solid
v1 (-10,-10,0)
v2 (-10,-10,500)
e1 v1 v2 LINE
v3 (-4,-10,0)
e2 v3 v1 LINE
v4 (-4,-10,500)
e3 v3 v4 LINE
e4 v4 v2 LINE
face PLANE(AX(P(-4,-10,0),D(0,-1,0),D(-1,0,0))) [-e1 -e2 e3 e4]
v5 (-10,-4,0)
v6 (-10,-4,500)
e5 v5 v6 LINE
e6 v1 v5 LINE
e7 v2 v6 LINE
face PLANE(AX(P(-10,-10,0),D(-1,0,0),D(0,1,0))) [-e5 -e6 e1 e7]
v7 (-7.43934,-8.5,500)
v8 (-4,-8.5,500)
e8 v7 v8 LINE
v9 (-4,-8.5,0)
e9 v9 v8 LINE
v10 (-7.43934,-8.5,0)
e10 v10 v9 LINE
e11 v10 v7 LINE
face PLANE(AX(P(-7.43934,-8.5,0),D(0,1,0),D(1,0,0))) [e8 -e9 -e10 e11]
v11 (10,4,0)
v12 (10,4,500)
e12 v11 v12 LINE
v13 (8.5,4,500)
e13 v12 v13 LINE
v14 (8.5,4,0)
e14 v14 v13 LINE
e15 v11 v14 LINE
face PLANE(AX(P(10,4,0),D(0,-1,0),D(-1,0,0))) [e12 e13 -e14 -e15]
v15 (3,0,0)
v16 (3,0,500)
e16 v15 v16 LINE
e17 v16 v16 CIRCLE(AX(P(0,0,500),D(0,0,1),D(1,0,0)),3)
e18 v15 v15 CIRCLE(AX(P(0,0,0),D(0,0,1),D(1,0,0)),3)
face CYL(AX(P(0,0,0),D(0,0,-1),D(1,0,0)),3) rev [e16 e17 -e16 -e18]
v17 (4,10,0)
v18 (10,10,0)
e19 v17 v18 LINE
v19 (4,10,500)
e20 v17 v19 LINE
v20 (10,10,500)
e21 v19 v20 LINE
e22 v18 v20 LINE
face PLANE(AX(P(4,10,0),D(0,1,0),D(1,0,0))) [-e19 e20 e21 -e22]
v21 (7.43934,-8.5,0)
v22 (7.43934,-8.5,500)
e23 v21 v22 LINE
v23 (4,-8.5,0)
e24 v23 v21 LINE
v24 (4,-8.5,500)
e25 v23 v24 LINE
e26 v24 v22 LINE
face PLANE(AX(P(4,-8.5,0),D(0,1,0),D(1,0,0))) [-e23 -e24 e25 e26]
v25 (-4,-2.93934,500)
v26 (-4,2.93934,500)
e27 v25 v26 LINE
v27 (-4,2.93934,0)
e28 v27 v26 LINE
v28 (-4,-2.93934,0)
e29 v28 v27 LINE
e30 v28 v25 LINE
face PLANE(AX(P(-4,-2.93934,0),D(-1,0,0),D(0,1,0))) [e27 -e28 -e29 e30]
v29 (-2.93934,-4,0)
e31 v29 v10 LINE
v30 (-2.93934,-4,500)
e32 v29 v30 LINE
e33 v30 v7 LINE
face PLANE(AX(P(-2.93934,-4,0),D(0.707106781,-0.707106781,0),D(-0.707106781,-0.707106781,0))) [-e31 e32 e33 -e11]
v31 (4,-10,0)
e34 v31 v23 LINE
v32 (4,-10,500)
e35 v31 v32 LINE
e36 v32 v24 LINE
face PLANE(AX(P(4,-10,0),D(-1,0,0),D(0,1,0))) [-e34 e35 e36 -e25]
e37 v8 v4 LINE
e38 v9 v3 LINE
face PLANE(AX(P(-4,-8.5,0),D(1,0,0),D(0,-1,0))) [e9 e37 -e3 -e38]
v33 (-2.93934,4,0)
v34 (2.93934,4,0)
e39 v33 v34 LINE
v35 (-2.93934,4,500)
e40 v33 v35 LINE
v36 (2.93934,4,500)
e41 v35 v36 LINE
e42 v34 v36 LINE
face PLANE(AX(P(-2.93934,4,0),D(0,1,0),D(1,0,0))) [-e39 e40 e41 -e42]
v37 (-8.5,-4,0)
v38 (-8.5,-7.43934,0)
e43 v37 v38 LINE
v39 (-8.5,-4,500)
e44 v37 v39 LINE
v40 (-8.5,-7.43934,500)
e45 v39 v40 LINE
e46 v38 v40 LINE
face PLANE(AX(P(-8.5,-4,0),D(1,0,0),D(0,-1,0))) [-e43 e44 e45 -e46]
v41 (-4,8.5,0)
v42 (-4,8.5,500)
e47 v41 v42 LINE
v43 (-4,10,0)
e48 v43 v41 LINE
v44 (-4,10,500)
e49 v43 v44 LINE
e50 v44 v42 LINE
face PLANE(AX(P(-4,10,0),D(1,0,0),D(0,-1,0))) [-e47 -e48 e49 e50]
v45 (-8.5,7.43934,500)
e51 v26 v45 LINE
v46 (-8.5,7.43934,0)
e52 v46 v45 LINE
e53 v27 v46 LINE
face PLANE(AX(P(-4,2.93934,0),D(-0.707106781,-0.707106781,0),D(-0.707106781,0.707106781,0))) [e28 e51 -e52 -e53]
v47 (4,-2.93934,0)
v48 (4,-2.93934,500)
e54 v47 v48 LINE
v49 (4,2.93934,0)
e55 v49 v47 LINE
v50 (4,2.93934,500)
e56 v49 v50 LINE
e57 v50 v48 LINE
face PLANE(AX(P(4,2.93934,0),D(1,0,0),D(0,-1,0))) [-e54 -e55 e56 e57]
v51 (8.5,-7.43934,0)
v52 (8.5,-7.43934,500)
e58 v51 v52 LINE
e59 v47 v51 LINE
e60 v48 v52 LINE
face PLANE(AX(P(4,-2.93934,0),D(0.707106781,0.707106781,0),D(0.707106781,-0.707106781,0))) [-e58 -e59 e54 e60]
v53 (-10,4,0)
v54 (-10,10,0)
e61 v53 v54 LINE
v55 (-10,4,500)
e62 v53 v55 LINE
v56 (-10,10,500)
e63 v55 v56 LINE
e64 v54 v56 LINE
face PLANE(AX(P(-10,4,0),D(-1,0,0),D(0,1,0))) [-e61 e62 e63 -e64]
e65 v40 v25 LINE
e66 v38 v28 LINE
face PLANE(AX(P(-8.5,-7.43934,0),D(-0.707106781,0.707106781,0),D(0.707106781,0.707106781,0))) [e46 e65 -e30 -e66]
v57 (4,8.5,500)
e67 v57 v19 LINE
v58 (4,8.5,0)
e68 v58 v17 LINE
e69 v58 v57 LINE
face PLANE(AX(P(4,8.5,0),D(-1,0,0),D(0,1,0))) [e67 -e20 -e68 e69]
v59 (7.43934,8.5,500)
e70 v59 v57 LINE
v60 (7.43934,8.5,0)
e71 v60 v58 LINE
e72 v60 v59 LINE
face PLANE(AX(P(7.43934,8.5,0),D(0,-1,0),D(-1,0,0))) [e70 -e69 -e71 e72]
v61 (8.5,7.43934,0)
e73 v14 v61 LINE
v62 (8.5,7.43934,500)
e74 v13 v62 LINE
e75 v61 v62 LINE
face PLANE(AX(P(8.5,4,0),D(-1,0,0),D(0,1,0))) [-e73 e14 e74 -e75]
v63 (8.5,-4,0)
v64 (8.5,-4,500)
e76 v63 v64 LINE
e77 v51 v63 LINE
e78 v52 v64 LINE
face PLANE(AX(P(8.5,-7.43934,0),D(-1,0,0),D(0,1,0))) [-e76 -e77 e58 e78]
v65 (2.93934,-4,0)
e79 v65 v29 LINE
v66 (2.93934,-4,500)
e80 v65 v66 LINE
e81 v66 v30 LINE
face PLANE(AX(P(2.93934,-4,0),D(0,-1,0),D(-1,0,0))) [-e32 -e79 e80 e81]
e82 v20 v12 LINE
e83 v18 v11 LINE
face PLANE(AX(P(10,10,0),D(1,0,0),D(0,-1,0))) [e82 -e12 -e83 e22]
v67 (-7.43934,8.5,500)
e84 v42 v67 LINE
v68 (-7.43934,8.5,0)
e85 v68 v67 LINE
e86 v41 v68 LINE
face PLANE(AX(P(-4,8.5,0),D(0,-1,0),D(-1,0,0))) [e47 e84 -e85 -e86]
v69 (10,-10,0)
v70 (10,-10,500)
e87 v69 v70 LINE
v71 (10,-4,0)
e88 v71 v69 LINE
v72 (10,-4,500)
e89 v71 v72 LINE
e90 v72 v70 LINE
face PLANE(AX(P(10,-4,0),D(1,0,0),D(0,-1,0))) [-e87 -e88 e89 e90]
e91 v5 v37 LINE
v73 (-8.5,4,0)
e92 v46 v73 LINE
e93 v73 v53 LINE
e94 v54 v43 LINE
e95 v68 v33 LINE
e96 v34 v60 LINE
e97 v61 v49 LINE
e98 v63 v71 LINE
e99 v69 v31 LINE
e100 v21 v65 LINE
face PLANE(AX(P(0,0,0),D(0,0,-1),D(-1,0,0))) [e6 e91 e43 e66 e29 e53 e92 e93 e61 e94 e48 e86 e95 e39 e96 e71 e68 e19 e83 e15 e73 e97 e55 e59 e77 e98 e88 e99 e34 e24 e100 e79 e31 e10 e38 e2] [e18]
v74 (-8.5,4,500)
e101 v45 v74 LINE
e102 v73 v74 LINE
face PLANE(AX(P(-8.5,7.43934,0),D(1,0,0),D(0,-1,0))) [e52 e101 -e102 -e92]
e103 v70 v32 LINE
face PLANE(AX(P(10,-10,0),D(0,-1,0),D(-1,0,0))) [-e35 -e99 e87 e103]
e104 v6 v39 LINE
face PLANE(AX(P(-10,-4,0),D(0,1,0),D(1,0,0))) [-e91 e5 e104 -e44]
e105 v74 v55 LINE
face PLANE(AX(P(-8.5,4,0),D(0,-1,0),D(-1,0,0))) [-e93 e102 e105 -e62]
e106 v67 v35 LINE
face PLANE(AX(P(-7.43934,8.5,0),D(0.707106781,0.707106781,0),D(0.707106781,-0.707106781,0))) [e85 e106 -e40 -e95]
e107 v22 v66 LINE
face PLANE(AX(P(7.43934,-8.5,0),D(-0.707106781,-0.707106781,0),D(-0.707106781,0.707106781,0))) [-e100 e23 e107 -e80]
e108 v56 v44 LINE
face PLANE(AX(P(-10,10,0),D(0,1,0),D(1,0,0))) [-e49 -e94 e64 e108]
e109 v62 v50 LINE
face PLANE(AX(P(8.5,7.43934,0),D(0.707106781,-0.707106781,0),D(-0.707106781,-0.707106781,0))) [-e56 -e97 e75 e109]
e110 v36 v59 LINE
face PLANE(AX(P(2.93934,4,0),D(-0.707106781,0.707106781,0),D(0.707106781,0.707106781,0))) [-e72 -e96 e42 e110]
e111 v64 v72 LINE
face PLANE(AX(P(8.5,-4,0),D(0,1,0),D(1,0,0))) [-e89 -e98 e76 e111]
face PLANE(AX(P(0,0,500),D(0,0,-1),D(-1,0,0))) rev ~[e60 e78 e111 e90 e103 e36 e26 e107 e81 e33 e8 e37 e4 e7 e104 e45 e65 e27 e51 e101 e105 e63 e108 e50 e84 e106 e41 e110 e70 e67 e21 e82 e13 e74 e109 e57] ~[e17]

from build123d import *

# Parameters (mm, degrees)
ESBO_O1_R                = 3
RESSALTO_EXTRUS_O1_DEPTH = 500


with BuildPart() as part:
    # Esboço1 → Ressalto-extrusão1 (new body)
    with BuildSketch(Plane.XY):
        Polygon((-2.939339828, 4), (2.939339828, 4), (7.439339828, 8.5), (4, 8.5), (4, 10), (10, 10), (10, 4), (8.5, 4), (8.5, 7.439339828), (4, 2.939339828), (4, -2.939339828), (8.5, -7.439339828), (8.5, -4), (10, -4), (10, -10), (4, -10), (4, -8.5), (7.439339828, -8.5), (2.939339828, -4), (-2.939339828, -4), (-7.439339828, -8.5), (-4, -8.5), (-4, -10), (-10, -10), (-10, -4), (-8.5, -4), (-8.5, -7.439339828), (-4, -2.939339828), (-4, 2.939339828), (-8.5, 7.439339828), (-8.5, 4), (-10, 4), (-10, 10), (-4, 10), (-4, 8.5), (-7.439339828, 8.5), align=None)
        Circle(ESBO_O1_R, mode=Mode.SUBTRACT)
    extrude(amount=RESSALTO_EXTRUS_O1_DEPTH)


solid = part.part
